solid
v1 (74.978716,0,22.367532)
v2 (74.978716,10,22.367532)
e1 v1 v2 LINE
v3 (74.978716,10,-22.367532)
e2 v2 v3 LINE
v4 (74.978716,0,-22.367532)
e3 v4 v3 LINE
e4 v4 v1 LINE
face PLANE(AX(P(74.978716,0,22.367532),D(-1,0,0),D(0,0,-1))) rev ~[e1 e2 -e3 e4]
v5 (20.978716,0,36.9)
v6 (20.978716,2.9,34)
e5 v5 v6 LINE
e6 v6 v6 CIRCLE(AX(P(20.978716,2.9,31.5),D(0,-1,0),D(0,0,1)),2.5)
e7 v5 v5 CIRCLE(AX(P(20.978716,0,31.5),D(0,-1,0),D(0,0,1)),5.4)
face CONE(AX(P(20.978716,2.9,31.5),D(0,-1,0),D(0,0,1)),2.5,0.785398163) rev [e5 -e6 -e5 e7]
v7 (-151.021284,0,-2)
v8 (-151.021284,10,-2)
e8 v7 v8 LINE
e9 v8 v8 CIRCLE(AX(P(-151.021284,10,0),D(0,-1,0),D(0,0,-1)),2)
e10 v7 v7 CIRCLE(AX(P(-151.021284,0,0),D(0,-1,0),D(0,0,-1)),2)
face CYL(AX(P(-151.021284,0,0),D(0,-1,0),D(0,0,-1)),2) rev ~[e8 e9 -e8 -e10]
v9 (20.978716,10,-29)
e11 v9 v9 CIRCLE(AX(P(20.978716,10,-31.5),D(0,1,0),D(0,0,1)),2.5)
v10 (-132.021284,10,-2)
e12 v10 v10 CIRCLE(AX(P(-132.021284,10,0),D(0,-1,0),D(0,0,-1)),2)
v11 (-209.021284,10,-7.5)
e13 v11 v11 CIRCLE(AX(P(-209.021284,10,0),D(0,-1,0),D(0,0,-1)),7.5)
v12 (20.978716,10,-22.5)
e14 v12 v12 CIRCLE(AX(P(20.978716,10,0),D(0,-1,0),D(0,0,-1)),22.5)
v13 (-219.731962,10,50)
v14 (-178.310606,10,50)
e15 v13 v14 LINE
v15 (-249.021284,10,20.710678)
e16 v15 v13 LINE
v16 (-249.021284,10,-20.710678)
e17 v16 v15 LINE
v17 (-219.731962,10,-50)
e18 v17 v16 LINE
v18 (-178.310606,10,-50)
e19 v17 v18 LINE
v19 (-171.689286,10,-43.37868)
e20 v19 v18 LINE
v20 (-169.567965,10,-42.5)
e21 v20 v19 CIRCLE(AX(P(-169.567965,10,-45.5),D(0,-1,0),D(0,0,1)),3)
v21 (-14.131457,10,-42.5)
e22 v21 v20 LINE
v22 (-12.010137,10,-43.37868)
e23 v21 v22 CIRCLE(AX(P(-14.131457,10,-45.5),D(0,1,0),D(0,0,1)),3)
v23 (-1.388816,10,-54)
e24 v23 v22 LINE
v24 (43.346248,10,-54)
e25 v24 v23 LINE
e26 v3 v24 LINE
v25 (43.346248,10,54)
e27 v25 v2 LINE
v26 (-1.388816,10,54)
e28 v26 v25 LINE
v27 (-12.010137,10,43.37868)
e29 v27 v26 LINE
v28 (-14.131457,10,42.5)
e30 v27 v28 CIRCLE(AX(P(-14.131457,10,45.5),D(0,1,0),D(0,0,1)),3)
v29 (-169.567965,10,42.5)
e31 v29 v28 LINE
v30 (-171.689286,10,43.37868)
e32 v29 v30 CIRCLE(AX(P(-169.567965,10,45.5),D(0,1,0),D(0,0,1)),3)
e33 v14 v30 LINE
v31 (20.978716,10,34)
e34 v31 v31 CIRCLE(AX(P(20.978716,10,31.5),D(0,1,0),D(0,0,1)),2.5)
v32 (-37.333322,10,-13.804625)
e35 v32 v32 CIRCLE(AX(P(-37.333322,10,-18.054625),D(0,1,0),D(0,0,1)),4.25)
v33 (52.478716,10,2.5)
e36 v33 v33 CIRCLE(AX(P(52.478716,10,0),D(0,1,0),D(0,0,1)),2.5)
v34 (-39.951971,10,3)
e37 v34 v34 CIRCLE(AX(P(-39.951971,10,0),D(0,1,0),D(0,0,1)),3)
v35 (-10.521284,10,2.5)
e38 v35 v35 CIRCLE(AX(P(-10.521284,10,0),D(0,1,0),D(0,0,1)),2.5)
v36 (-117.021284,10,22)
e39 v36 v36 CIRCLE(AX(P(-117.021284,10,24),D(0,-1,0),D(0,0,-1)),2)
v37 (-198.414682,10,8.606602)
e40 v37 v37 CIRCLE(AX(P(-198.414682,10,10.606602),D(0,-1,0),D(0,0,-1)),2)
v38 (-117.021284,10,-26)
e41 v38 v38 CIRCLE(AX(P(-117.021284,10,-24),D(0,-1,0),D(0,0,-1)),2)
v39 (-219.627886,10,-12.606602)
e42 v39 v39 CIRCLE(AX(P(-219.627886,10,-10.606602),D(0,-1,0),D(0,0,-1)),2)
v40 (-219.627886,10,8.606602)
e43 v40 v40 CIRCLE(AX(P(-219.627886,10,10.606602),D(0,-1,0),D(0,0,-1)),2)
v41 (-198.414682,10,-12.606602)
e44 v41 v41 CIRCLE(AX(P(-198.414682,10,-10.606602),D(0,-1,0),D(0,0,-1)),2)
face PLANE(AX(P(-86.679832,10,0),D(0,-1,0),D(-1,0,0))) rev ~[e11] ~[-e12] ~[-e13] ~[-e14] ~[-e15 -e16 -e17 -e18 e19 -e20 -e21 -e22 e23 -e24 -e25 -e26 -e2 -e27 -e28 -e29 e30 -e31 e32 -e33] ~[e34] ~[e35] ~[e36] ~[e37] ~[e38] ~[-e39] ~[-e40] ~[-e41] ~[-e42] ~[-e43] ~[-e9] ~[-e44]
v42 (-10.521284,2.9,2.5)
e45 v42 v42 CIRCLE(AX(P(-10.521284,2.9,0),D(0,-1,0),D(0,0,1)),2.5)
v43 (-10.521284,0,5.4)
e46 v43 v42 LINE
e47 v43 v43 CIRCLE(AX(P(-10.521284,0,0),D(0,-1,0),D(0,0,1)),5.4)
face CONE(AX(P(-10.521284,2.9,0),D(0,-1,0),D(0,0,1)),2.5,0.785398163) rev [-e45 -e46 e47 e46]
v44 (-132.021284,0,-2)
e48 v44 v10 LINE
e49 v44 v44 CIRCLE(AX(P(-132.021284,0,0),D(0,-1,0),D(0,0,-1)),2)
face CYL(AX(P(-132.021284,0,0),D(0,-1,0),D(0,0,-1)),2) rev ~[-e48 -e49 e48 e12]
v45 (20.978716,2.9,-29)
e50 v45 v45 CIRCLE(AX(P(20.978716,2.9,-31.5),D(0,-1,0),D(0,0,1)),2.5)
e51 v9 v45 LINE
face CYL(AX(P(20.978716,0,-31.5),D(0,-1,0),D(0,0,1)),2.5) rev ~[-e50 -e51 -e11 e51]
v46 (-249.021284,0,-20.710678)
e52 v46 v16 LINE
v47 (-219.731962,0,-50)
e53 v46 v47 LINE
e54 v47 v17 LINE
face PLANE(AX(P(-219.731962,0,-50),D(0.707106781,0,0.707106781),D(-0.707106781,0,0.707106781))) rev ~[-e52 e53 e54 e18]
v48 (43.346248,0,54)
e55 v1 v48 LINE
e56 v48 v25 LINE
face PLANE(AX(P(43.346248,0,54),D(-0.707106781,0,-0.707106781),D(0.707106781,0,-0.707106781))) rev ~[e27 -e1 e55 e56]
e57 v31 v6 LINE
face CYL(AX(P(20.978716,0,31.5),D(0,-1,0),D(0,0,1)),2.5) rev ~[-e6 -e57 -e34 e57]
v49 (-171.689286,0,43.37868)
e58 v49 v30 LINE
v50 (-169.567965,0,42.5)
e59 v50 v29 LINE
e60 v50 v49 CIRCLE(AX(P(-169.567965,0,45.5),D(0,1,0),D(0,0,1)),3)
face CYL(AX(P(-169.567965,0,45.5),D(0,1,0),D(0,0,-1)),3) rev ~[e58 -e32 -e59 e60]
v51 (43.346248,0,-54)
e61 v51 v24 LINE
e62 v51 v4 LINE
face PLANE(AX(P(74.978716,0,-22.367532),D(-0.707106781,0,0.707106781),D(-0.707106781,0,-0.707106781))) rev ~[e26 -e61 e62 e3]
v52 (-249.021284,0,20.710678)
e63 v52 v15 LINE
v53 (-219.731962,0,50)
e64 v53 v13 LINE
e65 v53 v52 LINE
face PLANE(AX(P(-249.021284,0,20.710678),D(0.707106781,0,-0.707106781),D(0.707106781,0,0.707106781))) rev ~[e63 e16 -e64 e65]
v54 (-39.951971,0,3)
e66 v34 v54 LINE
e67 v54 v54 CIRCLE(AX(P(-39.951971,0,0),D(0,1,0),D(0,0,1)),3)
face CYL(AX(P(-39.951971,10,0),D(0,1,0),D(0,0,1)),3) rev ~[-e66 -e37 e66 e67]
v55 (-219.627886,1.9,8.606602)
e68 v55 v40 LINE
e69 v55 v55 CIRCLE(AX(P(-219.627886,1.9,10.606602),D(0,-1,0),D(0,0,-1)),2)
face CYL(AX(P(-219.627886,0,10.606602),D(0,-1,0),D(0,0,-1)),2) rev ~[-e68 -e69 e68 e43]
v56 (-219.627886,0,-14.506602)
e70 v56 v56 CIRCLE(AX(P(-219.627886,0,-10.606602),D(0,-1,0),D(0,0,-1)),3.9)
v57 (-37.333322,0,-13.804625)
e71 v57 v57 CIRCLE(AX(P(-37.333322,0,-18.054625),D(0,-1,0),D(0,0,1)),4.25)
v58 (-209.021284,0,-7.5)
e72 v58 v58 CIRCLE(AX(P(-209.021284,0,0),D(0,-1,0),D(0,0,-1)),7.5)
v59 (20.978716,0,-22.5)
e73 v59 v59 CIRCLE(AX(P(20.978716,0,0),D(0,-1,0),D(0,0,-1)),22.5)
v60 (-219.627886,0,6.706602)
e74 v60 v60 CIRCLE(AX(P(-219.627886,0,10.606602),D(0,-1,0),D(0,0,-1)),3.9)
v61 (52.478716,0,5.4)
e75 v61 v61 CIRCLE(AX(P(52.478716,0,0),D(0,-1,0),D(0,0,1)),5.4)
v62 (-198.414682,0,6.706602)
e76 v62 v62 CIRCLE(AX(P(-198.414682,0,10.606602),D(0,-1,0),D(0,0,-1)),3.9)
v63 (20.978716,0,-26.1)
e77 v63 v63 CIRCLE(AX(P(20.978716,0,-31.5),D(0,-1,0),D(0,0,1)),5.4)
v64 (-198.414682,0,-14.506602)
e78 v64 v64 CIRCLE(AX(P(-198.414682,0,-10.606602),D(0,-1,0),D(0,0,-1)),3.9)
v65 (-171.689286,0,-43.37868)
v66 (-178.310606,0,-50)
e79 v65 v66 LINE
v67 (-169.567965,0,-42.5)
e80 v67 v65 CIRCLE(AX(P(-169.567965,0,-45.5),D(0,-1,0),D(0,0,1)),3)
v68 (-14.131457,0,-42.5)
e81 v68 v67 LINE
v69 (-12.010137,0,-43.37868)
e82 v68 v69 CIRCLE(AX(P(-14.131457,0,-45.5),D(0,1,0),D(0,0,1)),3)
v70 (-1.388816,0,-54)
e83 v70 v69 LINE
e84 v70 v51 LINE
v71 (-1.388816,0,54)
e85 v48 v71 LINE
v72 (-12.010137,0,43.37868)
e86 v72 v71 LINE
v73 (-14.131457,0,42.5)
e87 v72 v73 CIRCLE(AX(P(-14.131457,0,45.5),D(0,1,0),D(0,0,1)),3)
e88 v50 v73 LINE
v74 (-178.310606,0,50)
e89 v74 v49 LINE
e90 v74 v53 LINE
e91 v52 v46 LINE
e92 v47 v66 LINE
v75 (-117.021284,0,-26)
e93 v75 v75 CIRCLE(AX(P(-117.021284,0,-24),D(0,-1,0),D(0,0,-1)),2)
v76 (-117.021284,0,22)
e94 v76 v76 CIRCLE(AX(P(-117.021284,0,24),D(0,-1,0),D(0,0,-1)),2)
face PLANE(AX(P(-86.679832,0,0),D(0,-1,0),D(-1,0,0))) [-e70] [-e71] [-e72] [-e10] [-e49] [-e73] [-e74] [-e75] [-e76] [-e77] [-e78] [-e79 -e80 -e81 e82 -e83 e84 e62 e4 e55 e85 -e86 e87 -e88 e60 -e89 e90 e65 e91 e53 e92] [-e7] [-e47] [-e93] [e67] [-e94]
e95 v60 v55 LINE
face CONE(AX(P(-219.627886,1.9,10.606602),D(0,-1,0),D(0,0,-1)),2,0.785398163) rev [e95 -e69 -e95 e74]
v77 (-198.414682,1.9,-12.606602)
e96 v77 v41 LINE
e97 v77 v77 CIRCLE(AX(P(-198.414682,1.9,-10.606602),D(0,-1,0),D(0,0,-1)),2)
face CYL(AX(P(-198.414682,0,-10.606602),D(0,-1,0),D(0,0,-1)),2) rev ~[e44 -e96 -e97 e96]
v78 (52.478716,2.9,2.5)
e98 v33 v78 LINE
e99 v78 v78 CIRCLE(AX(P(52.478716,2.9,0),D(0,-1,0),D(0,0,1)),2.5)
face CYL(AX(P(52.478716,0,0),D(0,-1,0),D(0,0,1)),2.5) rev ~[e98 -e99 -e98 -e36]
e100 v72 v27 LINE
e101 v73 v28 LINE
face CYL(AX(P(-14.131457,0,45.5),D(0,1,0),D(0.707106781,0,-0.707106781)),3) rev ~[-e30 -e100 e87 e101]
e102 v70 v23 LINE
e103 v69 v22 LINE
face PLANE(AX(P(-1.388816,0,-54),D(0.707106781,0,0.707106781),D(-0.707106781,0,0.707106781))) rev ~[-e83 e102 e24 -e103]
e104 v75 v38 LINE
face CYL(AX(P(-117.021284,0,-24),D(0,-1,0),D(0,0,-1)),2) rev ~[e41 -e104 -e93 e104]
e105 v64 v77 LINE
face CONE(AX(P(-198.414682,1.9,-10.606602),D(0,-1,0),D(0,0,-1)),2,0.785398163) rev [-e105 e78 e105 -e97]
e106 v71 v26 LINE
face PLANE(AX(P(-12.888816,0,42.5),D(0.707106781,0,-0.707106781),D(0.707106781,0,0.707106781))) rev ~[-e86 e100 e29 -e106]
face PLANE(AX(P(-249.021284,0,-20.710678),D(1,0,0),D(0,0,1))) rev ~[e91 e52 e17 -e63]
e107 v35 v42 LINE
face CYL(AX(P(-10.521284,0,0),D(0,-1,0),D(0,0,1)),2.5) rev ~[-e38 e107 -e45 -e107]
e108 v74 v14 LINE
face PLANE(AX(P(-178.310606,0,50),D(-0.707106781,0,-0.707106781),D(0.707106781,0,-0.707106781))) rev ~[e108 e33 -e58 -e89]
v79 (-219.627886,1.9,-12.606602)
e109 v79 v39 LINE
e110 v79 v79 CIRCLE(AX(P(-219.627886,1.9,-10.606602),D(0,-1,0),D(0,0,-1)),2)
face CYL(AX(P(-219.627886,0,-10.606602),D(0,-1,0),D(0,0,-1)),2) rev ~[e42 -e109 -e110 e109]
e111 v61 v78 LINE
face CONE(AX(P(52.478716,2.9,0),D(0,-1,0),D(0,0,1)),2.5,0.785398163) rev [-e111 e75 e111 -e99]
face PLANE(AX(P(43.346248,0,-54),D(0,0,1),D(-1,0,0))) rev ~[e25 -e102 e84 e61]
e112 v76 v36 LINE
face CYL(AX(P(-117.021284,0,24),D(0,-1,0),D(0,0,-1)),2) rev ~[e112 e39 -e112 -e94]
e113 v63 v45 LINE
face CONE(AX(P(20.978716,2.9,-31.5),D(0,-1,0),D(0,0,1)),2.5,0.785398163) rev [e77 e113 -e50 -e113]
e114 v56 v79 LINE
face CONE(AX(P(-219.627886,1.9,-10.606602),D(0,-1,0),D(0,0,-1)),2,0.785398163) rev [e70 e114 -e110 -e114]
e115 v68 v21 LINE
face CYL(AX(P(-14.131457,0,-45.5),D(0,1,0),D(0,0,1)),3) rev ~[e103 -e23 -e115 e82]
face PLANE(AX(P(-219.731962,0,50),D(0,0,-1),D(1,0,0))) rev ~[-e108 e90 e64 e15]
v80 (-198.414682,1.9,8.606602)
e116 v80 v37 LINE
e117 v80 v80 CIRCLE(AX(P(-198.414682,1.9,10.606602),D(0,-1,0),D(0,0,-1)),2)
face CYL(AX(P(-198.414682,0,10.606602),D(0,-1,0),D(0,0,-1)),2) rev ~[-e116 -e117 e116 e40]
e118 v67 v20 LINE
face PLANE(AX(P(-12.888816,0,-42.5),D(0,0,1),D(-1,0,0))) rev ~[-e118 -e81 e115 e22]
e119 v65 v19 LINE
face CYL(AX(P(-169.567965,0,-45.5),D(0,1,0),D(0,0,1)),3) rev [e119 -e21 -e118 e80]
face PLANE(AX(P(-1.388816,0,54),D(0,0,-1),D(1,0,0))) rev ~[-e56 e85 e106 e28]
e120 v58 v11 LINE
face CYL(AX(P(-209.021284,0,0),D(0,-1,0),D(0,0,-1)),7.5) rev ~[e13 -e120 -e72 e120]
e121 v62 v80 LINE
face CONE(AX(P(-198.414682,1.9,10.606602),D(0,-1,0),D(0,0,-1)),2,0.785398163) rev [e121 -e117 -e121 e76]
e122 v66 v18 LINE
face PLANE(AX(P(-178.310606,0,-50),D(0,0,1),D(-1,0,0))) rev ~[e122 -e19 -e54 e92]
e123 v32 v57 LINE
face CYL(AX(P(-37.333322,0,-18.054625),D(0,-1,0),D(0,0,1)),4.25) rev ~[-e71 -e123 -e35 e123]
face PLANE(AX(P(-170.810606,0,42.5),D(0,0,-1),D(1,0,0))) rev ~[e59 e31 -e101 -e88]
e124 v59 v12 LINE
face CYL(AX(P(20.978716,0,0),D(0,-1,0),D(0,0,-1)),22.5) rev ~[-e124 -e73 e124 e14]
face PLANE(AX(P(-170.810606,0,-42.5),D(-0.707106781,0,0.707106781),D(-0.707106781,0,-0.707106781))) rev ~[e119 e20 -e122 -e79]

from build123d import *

# Parameters (mm, degrees)
EXTRUDE_1_DEPTH      = 10
SKETCH_2_R           = 2.5
CUT_EXTRUDE_1_DEPTH  = 10
CHAMFER_1_SIZE       = 2
SKETCH_4_R           = 22.5
CUT_EXTRUDE_3_DEPTH  = 36
SKETCH_9_R           = 3
CUT_EXTRUDE_8_DEPTH  = 13
SKETCH_10_R          = 4.25
CUT_EXTRUDE_9_DEPTH  = 13
CHAMFER_6_SIZE       = 1
SKETCH_6_R           = 7.5
CUT_EXTRUDE_10_DEPTH = 10
SKETCH_11_R          = 2
CUT_EXTRUDE_11_DEPTH = 15
SKETCH_12_R          = 2
CUT_EXTRUDE_12_DEPTH = 15
SKETCH_13_R          = 2
CUT_EXTRUDE_13_DEPTH = 10
SKETCH_14_R          = 22.5
SKETCH_14_R_2        = 4.25
SKETCH_14_R_3        = 2.5
SKETCH_14_R_4        = 3
SKETCH_14_R_5        = 2
SKETCH_14_R_6        = 7.5
EXTRUDE_2_DEPTH      = 10
CHAMFER_7_SIZE       = 2.9
CHAMFER_8_SIZE       = 1.9
FILLET_2_R           = 3


with BuildPart() as part:
    # Эскиз1 → Бобышка-Вытянуть1 (new body)
    with BuildSketch(Plane(origin=(0, 0, 0), x_dir=(1, 0, 0), z_dir=(0, 1, 0))):
        with BuildLine():
            Line((-172.682149641, 42.5), (-12.334194433, 42.5))
            ThreePointArc((-12.334194433, 42.5), (74.978715977, 0), (-12.334194433, -42.5))
            Line((-12.334194433, -42.5), (-172.682149641, -42.5))
            ThreePointArc((-172.682149641, -42.5), (-249.021284023, 0), (-172.682149641, 42.5))
        make_face()
    extrude(amount=EXTRUDE_1_DEPTH)

    # Эскиз2 → Вырез-Вытянуть1 (cut)
    with BuildSketch(Plane(origin=(0, 10, 0), x_dir=(1, 0, 0), z_dir=(0, 1, 0))):
        with Locations(Location((20.978715977, 31.5, 0), (0, 0, 270))):
            Circle(SKETCH_2_R)
        with Locations(Location((-10.521284023, 0, 0), (0, 0, 270))):
            Circle(SKETCH_2_R)
        with Locations(Location((20.978715977, -31.5, 0), (0, 0, 270))):
            Circle(SKETCH_2_R)
        with Locations(Location((52.478715977, 0, 0), (0, 0, 270))):
            Circle(SKETCH_2_R)
    extrude(amount=-CUT_EXTRUDE_1_DEPTH, mode=Mode.SUBTRACT)

    # Фаска1
    chamfer_1_edges = [part.edges().sort_by_distance(p)[0] for p in [
        (20.978715977, 0, -34),
        (-10.521284023, 0, -2.5),
        (20.978715977, 0, 29),
        (52.478715977, 0, -2.5),
    ]]
    chamfer(chamfer_1_edges, length=CHAMFER_1_SIZE)

    # Эскиз4 → Вырез-Вытянуть3 (cut)
    with BuildSketch(Plane.XZ):
        with Locations(Location((20.978715977, 0, 0), (0, 0, 270))):
            Circle(SKETCH_4_R)
    extrude(amount=-CUT_EXTRUDE_3_DEPTH, mode=Mode.SUBTRACT)

    # Эскиз9 → Вырез-Вытянуть8 (cut)
    with BuildSketch(Plane(origin=(0, 10, 0), x_dir=(1, 0, 0), z_dir=(0, 1, 0))):
        with Locations(Location((-39.951971169, 0, 0), (0, 0, 270))):
            Circle(SKETCH_9_R)
    extrude(amount=-CUT_EXTRUDE_8_DEPTH, mode=Mode.SUBTRACT)

    # Эскиз10 → Вырез-Вытянуть9 (cut)
    with BuildSketch(Plane(origin=(0, 10, 0), x_dir=(1, 0, 0), z_dir=(0, 1, 0))):
        with Locations(Location((-37.333322344, 18.054624514, 0), (0, 0, 270))):
            Circle(SKETCH_10_R)
    extrude(amount=-CUT_EXTRUDE_9_DEPTH, mode=Mode.SUBTRACT)

    # Фаска6
    chamfer_6_edges = [part.edges().sort_by_distance(p)[0] for p in [
        (-37.333322344, 0, -22.304624514),
    ]]
    chamfer(chamfer_6_edges, length=CHAMFER_6_SIZE)

    # Эскиз6 → Вырез-Вытянуть10 (cut)
    with BuildSketch(Plane.XZ):
        with Locations(Location((-209.021284023, 0, 0), (0, 0, 270))):
            Circle(SKETCH_6_R)
    extrude(amount=-CUT_EXTRUDE_10_DEPTH, mode=Mode.SUBTRACT)

    # Эскиз11 → Вырез-Вытянуть11 (cut)
    with BuildSketch(Plane.XZ):
        with Locations(Location((-117.021284023, 24, 0), (0, 0, 270))):
            Circle(SKETCH_11_R)
        with Locations(Location((-117.021284023, -24, 0), (0, 0, 270))):
            Circle(SKETCH_11_R)
    extrude(amount=-CUT_EXTRUDE_11_DEPTH, mode=Mode.SUBTRACT)

    # Эскиз12 → Вырез-Вытянуть12 (cut)
    with BuildSketch(Plane.XZ):
        with Locations(Location((-151.021284023, 0, 0), (0, 0, 270))):
            Circle(SKETCH_12_R)
        with Locations(Location((-132.021284023, 0, 0), (0, 0, 270))):
            Circle(SKETCH_12_R)
    extrude(amount=-CUT_EXTRUDE_12_DEPTH, mode=Mode.SUBTRACT)

    # Эскиз13 → Вырез-Вытянуть13 (cut)
    with BuildSketch(Plane(origin=(0, 0, 0), x_dir=(-1, 0, 0), z_dir=(0, -1, 0))):
        with Locations(Location((219.627885741, -10.606601718, 0), (0, 0, 90))):
            Circle(SKETCH_13_R)
        with Locations(Location((198.414682305, -10.606601718, 0), (0, 0, 90))):
            Circle(SKETCH_13_R)
        with Locations(Location((219.627885741, 10.606601718, 0), (0, 0, 90))):
            Circle(SKETCH_13_R)
        with Locations(Location((198.414682305, 10.606601718, 0), (0, 0, 90))):
            Circle(SKETCH_13_R)
    extrude(amount=-CUT_EXTRUDE_13_DEPTH, mode=Mode.SUBTRACT)

    # Эскиз14 → Бобышка-Вытянуть2 (add)
    with BuildSketch(Plane(origin=(0, 0, 0), x_dir=(-1, 0, 0), z_dir=(0, -1, 0))):
        Polygon((170.810605904, -42.5), (12.888816391, -42.5), (1.388816391, -54), (-43.346248345, -54), (-74.978715977, -22.367532368), (-74.978715977, 22.367532368), (-43.346248345, 54), (1.388816391, 54), (12.888816391, 42.5), (170.810605904, 42.5), (178.310605904, 50), (219.731962142, 50), (249.021284023, 20.710678119), (249.021284023, -20.710678119), (219.731962142, -50), (178.310605904, -50), align=None)
        with Locations(Location((-20.978715977, 0, 0), (0, 0, 90))):
            Circle(SKETCH_14_R, mode=Mode.SUBTRACT)
        with Locations(Location((37.333322344, 18.054624514, 0), (0, 0, 270))):
            Circle(SKETCH_14_R_2, mode=Mode.SUBTRACT)
        with Locations(Location((10.521284023, 0, 0), (0, 0, 270))):
            Circle(SKETCH_14_R_3, mode=Mode.SUBTRACT)
        with Locations(Location((-52.478715977, 0, 0), (0, 0, 270))):
            Circle(SKETCH_14_R_3, mode=Mode.SUBTRACT)
        with Locations(Location((-20.978715977, 31.5, 0), (0, 0, 270))):
            Circle(SKETCH_14_R_3, mode=Mode.SUBTRACT)
        with Locations(Location((-20.978715977, -31.5, 0), (0, 0, 270))):
            Circle(SKETCH_14_R_3, mode=Mode.SUBTRACT)
        with Locations(Location((39.951971169, 0, 0), (0, 0, 270))):
            Circle(SKETCH_14_R_4, mode=Mode.SUBTRACT)
        with Locations(Location((117.021284023, 24, 0), (0, 0, 90))):
            Circle(SKETCH_14_R_5, mode=Mode.SUBTRACT)
        with Locations(Location((132.021284023, 0, 0), (0, 0, 90))):
            Circle(SKETCH_14_R_5, mode=Mode.SUBTRACT)
        with Locations(Location((117.021284023, -24, 0), (0, 0, 90))):
            Circle(SKETCH_14_R_5, mode=Mode.SUBTRACT)
        with Locations(Location((151.021284023, 0, 0), (0, 0, 90))):
            Circle(SKETCH_14_R_5, mode=Mode.SUBTRACT)
        with Locations(Location((198.414682305, -10.606601718, 0), (0, 0, 90))):
            Circle(SKETCH_14_R_5, mode=Mode.SUBTRACT)
        with Locations(Location((198.414682305, 10.606601718, 0), (0, 0, 90))):
            Circle(SKETCH_14_R_5, mode=Mode.SUBTRACT)
        with Locations(Location((209.021284023, 0, 0), (0, 0, 90))):
            Circle(SKETCH_14_R_6, mode=Mode.SUBTRACT)
        with Locations(Location((219.627885741, 10.606601718, 0), (0, 0, 90))):
            Circle(SKETCH_14_R_5, mode=Mode.SUBTRACT)
        with Locations(Location((219.627885741, -10.606601718, 0), (0, 0, 90))):
            Circle(SKETCH_14_R_5, mode=Mode.SUBTRACT)
    extrude(amount=-EXTRUDE_2_DEPTH)

    # Фаска7
    chamfer_7_edges = [part.edges().sort_by_distance(p)[0] for p in [
        (-10.521284023, 0, -2.5),
        (52.478715977, 0, -2.5),
        (20.978715977, 0, -34),
        (20.978715977, 0, 29),
    ]]
    chamfer(chamfer_7_edges, length=CHAMFER_7_SIZE)

    # Фаска8
    chamfer_8_edges = [part.edges().sort_by_distance(p)[0] for p in [
        (-198.414682305, 0, 12.606601718),
        (-219.627885741, 0, -8.606601718),
        (-198.414682305, 0, -8.606601718),
        (-219.627885741, 0, 12.606601718),
    ]]
    chamfer(chamfer_8_edges, length=CHAMFER_8_SIZE)

    # Скругление2
    fillet_2_edges = [part.edges().sort_by_distance(p)[0] for p in [
        (-170.810605904, 5, 42.5),
        (-12.888816391, 5, 42.5),
        (-12.888816391, 5, -42.5),
        (-170.810605904, 5, -42.5),
    ]]
    fillet(fillet_2_edges, radius=FILLET_2_R)


solid = part.part
